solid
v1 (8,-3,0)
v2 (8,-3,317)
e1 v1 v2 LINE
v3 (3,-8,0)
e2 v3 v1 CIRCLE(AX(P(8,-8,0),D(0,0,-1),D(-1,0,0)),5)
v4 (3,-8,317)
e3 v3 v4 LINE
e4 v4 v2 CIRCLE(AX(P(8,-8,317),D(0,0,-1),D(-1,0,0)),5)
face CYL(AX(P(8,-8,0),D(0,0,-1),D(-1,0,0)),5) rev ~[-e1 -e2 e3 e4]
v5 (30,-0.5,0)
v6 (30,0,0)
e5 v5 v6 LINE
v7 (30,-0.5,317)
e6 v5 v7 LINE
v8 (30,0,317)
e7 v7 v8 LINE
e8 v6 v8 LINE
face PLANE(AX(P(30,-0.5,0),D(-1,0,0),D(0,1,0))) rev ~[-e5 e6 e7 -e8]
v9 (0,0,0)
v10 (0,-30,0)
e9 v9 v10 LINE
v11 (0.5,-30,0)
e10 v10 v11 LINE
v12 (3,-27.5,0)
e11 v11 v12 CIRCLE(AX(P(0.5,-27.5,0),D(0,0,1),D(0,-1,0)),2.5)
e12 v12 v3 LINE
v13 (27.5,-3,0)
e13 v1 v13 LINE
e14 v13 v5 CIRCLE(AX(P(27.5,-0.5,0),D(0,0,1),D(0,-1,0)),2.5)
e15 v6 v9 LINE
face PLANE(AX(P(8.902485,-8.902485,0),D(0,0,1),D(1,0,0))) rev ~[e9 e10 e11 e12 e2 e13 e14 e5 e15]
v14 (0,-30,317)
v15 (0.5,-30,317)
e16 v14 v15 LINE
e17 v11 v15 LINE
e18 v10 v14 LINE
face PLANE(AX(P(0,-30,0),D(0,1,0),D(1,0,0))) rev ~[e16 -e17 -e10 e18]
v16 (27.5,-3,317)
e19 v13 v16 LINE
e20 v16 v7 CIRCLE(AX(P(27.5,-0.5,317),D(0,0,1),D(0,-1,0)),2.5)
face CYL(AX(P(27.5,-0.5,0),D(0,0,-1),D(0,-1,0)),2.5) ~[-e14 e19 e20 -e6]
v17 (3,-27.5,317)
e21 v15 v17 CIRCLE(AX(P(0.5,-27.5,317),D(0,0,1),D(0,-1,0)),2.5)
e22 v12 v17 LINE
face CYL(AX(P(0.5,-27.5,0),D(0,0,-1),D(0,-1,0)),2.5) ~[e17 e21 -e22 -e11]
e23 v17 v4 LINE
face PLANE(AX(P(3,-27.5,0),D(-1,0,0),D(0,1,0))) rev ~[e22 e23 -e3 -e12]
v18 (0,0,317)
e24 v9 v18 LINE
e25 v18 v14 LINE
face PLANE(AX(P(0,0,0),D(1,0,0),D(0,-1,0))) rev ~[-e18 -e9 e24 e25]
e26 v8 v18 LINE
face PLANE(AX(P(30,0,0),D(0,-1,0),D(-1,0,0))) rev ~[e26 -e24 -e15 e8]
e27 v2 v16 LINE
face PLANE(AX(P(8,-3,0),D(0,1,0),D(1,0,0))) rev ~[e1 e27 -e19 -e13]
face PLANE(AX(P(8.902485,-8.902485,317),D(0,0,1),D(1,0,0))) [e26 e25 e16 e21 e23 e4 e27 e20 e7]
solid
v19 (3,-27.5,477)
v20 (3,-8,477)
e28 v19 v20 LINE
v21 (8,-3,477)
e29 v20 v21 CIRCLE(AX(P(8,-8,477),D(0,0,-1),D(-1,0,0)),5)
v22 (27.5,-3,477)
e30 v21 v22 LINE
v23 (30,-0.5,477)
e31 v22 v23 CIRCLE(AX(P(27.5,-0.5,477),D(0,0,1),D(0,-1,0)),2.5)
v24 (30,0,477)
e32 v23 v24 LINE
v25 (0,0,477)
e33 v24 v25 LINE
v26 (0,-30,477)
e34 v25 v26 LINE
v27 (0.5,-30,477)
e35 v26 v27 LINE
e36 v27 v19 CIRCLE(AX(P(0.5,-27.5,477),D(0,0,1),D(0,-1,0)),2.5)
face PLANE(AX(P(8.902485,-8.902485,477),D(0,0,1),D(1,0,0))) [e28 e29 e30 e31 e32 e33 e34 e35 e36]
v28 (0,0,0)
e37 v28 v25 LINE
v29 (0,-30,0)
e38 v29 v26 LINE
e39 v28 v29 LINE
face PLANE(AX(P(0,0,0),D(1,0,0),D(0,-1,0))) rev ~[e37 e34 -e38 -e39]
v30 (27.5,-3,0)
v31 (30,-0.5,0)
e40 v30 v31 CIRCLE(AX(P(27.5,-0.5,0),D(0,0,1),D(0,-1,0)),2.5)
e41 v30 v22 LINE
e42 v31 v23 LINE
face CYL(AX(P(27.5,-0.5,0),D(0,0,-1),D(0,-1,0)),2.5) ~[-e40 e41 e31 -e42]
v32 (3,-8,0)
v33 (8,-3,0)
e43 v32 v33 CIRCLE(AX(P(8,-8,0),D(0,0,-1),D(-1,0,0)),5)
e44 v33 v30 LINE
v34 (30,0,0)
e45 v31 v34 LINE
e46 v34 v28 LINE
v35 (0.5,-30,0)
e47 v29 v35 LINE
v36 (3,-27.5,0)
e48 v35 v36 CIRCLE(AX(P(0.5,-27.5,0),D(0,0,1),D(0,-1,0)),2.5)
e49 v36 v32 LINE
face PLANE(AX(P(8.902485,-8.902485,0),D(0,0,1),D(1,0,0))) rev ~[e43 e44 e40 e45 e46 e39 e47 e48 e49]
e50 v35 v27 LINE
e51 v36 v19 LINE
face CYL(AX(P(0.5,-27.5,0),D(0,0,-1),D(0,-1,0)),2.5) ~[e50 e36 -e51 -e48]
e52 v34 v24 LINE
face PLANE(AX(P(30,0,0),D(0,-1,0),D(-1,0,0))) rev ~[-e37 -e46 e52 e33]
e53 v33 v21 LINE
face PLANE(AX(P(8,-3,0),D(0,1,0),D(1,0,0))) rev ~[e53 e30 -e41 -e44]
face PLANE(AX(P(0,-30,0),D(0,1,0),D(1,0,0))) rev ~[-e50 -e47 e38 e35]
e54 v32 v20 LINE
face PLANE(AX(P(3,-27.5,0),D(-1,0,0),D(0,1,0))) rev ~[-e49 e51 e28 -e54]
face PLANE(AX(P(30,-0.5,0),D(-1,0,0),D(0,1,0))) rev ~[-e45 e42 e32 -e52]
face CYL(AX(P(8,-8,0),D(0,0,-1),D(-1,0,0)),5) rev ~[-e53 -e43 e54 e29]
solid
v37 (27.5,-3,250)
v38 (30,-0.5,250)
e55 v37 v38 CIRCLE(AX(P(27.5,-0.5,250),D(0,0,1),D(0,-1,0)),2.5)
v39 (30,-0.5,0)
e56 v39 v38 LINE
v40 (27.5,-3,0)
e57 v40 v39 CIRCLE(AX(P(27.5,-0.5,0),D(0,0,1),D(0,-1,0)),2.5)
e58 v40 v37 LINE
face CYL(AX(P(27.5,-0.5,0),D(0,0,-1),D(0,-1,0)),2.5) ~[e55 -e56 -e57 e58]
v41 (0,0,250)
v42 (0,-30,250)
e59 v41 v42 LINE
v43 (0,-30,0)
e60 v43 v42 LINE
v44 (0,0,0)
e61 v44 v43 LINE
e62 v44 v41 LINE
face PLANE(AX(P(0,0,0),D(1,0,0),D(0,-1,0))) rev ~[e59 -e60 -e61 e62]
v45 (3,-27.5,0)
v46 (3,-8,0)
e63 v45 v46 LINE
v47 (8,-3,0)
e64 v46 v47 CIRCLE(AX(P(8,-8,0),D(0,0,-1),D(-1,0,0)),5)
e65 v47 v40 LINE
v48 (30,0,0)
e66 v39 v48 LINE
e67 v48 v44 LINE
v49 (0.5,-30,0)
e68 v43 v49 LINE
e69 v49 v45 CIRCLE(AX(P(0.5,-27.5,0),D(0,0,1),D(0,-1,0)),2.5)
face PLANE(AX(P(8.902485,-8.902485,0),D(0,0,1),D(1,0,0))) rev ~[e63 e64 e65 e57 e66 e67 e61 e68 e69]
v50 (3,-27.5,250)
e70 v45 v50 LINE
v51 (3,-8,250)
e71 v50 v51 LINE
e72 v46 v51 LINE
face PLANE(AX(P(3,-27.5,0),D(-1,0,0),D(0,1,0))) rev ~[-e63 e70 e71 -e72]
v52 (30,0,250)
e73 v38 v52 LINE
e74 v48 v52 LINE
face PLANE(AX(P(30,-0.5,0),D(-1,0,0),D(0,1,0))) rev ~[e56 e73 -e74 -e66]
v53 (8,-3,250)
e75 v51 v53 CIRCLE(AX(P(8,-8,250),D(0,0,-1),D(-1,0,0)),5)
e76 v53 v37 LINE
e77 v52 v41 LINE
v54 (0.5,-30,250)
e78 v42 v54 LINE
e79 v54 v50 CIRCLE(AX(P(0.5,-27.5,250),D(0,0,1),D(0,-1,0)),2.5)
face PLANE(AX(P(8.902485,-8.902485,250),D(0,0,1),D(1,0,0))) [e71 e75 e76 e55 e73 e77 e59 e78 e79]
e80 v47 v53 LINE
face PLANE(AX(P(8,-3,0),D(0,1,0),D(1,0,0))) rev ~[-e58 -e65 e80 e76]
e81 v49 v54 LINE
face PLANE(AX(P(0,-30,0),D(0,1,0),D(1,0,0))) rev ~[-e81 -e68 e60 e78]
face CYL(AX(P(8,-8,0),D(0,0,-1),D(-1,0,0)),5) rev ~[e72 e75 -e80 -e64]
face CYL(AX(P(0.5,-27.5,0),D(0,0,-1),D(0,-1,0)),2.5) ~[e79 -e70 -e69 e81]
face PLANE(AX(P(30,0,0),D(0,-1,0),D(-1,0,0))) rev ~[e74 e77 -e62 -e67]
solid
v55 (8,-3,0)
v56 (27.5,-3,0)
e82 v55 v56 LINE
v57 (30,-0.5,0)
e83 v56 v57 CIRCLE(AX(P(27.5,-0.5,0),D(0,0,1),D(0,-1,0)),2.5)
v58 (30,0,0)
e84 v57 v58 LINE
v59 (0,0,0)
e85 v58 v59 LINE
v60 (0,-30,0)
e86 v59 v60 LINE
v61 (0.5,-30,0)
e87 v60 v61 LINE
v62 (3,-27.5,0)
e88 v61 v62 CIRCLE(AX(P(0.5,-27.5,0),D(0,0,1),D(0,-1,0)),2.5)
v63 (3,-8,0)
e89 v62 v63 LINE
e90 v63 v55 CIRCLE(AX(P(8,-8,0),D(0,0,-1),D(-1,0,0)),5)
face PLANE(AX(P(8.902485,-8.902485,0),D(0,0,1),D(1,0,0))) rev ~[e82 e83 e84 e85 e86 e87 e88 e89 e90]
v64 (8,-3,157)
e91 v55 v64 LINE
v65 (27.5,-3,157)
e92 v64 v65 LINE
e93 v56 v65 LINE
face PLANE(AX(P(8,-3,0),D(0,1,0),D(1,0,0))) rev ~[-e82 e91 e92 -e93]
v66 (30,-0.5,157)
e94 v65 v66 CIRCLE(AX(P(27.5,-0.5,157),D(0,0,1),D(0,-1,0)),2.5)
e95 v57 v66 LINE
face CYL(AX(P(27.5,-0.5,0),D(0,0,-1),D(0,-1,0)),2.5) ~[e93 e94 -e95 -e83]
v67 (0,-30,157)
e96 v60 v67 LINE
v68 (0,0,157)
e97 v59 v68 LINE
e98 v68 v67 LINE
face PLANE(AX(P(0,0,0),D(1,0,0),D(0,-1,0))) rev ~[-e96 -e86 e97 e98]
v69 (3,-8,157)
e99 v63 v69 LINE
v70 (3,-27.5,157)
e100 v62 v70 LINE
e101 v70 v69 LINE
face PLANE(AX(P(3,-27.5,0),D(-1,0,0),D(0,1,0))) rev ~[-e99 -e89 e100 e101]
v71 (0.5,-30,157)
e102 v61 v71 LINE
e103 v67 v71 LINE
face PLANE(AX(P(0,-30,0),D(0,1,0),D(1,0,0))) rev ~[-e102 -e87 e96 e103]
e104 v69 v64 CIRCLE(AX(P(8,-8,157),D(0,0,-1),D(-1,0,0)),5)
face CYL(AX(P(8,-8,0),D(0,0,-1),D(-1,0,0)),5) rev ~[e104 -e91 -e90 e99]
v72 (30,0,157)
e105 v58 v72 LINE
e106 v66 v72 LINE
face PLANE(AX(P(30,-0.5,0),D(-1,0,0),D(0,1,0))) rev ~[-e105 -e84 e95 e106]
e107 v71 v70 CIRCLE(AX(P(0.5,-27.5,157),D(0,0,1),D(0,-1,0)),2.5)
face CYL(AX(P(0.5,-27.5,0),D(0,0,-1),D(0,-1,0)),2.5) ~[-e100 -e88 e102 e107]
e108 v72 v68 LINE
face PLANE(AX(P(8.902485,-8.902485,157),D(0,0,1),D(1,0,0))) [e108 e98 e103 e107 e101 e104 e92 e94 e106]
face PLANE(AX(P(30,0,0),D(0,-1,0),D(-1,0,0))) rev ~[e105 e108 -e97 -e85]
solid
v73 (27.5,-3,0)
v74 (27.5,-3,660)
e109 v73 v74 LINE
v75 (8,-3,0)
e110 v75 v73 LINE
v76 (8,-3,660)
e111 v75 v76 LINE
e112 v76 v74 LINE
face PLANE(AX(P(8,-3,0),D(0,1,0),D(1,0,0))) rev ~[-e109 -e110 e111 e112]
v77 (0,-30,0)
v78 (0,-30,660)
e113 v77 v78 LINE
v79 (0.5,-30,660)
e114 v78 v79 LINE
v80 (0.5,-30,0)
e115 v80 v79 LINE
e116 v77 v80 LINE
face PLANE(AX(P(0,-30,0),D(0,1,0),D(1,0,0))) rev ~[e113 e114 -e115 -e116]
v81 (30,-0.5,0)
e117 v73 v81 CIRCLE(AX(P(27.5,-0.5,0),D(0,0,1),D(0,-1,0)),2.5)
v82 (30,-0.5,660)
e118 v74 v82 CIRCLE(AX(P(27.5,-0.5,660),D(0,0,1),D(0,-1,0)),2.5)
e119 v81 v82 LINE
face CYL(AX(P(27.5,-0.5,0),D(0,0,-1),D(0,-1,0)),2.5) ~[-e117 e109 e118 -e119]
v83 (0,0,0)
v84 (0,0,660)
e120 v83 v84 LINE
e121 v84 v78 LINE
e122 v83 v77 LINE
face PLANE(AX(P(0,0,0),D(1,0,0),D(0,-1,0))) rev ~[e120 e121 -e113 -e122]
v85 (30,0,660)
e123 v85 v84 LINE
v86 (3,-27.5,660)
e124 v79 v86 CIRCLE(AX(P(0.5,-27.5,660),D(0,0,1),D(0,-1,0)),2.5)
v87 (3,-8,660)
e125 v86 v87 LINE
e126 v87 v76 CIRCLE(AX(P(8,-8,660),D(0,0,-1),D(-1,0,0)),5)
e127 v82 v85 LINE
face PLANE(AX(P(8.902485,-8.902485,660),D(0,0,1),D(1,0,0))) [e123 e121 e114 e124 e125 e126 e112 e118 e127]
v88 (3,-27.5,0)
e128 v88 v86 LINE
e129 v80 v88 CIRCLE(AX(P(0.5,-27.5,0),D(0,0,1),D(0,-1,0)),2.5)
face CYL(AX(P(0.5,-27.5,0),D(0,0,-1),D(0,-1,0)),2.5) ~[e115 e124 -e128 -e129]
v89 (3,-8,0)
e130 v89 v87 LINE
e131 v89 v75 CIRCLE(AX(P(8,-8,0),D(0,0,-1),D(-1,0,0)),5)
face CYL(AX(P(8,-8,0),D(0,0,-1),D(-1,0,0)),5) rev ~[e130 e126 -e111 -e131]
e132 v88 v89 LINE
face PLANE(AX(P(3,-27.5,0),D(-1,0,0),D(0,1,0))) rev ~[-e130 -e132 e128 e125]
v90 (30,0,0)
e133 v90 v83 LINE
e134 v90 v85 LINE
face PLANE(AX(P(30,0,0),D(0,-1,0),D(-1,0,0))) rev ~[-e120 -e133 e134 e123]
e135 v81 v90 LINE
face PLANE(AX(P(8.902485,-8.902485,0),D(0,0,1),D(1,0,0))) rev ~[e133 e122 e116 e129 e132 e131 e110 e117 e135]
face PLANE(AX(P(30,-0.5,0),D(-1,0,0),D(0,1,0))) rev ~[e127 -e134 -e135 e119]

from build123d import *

# Parameters (mm, degrees)
F5_DEPTH = 660
F6_DEPTH = 477
F7_DEPTH = 317
F8_DEPTH = 157
F9_DEPTH = 250


with BuildPart() as f5:
    # F4 (on Top) → F5 (new body)
    with BuildSketch(Plane.XY):
        with BuildLine():
            Line((30, 0), (0, 0))
            Line((0, 0), (0, -30))
            Line((0, -30), (0.5, -30))
            ThreePointArc((0.5, -30), (2.267766953, -29.267766953), (3, -27.5))
            Line((3, -27.5), (3, -8))
            ThreePointArc((3, -8), (4.4644660941, -4.4644660941), (8, -3))
            Line((8, -3), (27.5, -3))
            ThreePointArc((27.5, -3), (29.267766953, -2.267766953), (30, -0.5))
            Line((30, -0.5), (30, 0))
        make_face()
    extrude(amount=F5_DEPTH)


with BuildPart() as f6:
    # F4 (on Top) → F6 (new body)
    with BuildSketch(Plane.XY):
        with BuildLine():
            Line((30, 0), (0, 0))
            Line((0, 0), (0, -30))
            Line((0, -30), (0.5, -30))
            ThreePointArc((0.5, -30), (2.267766953, -29.267766953), (3, -27.5))
            Line((3, -27.5), (3, -8))
            ThreePointArc((3, -8), (4.4644660941, -4.4644660941), (8, -3))
            Line((8, -3), (27.5, -3))
            ThreePointArc((27.5, -3), (29.267766953, -2.267766953), (30, -0.5))
            Line((30, -0.5), (30, 0))
        make_face()
    extrude(amount=F6_DEPTH)


with BuildPart() as f7:
    # F4 (on Top) → F7 (new body)
    with BuildSketch(Plane.XY):
        with BuildLine():
            Line((30, 0), (0, 0))
            Line((0, 0), (0, -30))
            Line((0, -30), (0.5, -30))
            ThreePointArc((0.5, -30), (2.267766953, -29.267766953), (3, -27.5))
            Line((3, -27.5), (3, -8))
            ThreePointArc((3, -8), (4.4644660941, -4.4644660941), (8, -3))
            Line((8, -3), (27.5, -3))
            ThreePointArc((27.5, -3), (29.267766953, -2.267766953), (30, -0.5))
            Line((30, -0.5), (30, 0))
        make_face()
    extrude(amount=F7_DEPTH)


with BuildPart() as f8:
    # F4 (on Top) → F8 (new body)
    with BuildSketch(Plane.XY):
        with BuildLine():
            Line((30, 0), (0, 0))
            Line((0, 0), (0, -30))
            Line((0, -30), (0.5, -30))
            ThreePointArc((0.5, -30), (2.267766953, -29.267766953), (3, -27.5))
            Line((3, -27.5), (3, -8))
            ThreePointArc((3, -8), (4.4644660941, -4.4644660941), (8, -3))
            Line((8, -3), (27.5, -3))
            ThreePointArc((27.5, -3), (29.267766953, -2.267766953), (30, -0.5))
            Line((30, -0.5), (30, 0))
        make_face()
    extrude(amount=F8_DEPTH)


with BuildPart() as f9:
    # F4 (on Top) → F9 (new body)
    with BuildSketch(Plane.XY):
        with BuildLine():
            Line((30, 0), (0, 0))
            Line((0, 0), (0, -30))
            Line((0, -30), (0.5, -30))
            ThreePointArc((0.5, -30), (2.267766953, -29.267766953), (3, -27.5))
            Line((3, -27.5), (3, -8))
            ThreePointArc((3, -8), (4.4644660941, -4.4644660941), (8, -3))
            Line((8, -3), (27.5, -3))
            ThreePointArc((27.5, -3), (29.267766953, -2.267766953), (30, -0.5))
            Line((30, -0.5), (30, 0))
        make_face()
    extrude(amount=F9_DEPTH)


solid = Compound([f5.part, f6.part, f7.part, f8.part, f9.part])
